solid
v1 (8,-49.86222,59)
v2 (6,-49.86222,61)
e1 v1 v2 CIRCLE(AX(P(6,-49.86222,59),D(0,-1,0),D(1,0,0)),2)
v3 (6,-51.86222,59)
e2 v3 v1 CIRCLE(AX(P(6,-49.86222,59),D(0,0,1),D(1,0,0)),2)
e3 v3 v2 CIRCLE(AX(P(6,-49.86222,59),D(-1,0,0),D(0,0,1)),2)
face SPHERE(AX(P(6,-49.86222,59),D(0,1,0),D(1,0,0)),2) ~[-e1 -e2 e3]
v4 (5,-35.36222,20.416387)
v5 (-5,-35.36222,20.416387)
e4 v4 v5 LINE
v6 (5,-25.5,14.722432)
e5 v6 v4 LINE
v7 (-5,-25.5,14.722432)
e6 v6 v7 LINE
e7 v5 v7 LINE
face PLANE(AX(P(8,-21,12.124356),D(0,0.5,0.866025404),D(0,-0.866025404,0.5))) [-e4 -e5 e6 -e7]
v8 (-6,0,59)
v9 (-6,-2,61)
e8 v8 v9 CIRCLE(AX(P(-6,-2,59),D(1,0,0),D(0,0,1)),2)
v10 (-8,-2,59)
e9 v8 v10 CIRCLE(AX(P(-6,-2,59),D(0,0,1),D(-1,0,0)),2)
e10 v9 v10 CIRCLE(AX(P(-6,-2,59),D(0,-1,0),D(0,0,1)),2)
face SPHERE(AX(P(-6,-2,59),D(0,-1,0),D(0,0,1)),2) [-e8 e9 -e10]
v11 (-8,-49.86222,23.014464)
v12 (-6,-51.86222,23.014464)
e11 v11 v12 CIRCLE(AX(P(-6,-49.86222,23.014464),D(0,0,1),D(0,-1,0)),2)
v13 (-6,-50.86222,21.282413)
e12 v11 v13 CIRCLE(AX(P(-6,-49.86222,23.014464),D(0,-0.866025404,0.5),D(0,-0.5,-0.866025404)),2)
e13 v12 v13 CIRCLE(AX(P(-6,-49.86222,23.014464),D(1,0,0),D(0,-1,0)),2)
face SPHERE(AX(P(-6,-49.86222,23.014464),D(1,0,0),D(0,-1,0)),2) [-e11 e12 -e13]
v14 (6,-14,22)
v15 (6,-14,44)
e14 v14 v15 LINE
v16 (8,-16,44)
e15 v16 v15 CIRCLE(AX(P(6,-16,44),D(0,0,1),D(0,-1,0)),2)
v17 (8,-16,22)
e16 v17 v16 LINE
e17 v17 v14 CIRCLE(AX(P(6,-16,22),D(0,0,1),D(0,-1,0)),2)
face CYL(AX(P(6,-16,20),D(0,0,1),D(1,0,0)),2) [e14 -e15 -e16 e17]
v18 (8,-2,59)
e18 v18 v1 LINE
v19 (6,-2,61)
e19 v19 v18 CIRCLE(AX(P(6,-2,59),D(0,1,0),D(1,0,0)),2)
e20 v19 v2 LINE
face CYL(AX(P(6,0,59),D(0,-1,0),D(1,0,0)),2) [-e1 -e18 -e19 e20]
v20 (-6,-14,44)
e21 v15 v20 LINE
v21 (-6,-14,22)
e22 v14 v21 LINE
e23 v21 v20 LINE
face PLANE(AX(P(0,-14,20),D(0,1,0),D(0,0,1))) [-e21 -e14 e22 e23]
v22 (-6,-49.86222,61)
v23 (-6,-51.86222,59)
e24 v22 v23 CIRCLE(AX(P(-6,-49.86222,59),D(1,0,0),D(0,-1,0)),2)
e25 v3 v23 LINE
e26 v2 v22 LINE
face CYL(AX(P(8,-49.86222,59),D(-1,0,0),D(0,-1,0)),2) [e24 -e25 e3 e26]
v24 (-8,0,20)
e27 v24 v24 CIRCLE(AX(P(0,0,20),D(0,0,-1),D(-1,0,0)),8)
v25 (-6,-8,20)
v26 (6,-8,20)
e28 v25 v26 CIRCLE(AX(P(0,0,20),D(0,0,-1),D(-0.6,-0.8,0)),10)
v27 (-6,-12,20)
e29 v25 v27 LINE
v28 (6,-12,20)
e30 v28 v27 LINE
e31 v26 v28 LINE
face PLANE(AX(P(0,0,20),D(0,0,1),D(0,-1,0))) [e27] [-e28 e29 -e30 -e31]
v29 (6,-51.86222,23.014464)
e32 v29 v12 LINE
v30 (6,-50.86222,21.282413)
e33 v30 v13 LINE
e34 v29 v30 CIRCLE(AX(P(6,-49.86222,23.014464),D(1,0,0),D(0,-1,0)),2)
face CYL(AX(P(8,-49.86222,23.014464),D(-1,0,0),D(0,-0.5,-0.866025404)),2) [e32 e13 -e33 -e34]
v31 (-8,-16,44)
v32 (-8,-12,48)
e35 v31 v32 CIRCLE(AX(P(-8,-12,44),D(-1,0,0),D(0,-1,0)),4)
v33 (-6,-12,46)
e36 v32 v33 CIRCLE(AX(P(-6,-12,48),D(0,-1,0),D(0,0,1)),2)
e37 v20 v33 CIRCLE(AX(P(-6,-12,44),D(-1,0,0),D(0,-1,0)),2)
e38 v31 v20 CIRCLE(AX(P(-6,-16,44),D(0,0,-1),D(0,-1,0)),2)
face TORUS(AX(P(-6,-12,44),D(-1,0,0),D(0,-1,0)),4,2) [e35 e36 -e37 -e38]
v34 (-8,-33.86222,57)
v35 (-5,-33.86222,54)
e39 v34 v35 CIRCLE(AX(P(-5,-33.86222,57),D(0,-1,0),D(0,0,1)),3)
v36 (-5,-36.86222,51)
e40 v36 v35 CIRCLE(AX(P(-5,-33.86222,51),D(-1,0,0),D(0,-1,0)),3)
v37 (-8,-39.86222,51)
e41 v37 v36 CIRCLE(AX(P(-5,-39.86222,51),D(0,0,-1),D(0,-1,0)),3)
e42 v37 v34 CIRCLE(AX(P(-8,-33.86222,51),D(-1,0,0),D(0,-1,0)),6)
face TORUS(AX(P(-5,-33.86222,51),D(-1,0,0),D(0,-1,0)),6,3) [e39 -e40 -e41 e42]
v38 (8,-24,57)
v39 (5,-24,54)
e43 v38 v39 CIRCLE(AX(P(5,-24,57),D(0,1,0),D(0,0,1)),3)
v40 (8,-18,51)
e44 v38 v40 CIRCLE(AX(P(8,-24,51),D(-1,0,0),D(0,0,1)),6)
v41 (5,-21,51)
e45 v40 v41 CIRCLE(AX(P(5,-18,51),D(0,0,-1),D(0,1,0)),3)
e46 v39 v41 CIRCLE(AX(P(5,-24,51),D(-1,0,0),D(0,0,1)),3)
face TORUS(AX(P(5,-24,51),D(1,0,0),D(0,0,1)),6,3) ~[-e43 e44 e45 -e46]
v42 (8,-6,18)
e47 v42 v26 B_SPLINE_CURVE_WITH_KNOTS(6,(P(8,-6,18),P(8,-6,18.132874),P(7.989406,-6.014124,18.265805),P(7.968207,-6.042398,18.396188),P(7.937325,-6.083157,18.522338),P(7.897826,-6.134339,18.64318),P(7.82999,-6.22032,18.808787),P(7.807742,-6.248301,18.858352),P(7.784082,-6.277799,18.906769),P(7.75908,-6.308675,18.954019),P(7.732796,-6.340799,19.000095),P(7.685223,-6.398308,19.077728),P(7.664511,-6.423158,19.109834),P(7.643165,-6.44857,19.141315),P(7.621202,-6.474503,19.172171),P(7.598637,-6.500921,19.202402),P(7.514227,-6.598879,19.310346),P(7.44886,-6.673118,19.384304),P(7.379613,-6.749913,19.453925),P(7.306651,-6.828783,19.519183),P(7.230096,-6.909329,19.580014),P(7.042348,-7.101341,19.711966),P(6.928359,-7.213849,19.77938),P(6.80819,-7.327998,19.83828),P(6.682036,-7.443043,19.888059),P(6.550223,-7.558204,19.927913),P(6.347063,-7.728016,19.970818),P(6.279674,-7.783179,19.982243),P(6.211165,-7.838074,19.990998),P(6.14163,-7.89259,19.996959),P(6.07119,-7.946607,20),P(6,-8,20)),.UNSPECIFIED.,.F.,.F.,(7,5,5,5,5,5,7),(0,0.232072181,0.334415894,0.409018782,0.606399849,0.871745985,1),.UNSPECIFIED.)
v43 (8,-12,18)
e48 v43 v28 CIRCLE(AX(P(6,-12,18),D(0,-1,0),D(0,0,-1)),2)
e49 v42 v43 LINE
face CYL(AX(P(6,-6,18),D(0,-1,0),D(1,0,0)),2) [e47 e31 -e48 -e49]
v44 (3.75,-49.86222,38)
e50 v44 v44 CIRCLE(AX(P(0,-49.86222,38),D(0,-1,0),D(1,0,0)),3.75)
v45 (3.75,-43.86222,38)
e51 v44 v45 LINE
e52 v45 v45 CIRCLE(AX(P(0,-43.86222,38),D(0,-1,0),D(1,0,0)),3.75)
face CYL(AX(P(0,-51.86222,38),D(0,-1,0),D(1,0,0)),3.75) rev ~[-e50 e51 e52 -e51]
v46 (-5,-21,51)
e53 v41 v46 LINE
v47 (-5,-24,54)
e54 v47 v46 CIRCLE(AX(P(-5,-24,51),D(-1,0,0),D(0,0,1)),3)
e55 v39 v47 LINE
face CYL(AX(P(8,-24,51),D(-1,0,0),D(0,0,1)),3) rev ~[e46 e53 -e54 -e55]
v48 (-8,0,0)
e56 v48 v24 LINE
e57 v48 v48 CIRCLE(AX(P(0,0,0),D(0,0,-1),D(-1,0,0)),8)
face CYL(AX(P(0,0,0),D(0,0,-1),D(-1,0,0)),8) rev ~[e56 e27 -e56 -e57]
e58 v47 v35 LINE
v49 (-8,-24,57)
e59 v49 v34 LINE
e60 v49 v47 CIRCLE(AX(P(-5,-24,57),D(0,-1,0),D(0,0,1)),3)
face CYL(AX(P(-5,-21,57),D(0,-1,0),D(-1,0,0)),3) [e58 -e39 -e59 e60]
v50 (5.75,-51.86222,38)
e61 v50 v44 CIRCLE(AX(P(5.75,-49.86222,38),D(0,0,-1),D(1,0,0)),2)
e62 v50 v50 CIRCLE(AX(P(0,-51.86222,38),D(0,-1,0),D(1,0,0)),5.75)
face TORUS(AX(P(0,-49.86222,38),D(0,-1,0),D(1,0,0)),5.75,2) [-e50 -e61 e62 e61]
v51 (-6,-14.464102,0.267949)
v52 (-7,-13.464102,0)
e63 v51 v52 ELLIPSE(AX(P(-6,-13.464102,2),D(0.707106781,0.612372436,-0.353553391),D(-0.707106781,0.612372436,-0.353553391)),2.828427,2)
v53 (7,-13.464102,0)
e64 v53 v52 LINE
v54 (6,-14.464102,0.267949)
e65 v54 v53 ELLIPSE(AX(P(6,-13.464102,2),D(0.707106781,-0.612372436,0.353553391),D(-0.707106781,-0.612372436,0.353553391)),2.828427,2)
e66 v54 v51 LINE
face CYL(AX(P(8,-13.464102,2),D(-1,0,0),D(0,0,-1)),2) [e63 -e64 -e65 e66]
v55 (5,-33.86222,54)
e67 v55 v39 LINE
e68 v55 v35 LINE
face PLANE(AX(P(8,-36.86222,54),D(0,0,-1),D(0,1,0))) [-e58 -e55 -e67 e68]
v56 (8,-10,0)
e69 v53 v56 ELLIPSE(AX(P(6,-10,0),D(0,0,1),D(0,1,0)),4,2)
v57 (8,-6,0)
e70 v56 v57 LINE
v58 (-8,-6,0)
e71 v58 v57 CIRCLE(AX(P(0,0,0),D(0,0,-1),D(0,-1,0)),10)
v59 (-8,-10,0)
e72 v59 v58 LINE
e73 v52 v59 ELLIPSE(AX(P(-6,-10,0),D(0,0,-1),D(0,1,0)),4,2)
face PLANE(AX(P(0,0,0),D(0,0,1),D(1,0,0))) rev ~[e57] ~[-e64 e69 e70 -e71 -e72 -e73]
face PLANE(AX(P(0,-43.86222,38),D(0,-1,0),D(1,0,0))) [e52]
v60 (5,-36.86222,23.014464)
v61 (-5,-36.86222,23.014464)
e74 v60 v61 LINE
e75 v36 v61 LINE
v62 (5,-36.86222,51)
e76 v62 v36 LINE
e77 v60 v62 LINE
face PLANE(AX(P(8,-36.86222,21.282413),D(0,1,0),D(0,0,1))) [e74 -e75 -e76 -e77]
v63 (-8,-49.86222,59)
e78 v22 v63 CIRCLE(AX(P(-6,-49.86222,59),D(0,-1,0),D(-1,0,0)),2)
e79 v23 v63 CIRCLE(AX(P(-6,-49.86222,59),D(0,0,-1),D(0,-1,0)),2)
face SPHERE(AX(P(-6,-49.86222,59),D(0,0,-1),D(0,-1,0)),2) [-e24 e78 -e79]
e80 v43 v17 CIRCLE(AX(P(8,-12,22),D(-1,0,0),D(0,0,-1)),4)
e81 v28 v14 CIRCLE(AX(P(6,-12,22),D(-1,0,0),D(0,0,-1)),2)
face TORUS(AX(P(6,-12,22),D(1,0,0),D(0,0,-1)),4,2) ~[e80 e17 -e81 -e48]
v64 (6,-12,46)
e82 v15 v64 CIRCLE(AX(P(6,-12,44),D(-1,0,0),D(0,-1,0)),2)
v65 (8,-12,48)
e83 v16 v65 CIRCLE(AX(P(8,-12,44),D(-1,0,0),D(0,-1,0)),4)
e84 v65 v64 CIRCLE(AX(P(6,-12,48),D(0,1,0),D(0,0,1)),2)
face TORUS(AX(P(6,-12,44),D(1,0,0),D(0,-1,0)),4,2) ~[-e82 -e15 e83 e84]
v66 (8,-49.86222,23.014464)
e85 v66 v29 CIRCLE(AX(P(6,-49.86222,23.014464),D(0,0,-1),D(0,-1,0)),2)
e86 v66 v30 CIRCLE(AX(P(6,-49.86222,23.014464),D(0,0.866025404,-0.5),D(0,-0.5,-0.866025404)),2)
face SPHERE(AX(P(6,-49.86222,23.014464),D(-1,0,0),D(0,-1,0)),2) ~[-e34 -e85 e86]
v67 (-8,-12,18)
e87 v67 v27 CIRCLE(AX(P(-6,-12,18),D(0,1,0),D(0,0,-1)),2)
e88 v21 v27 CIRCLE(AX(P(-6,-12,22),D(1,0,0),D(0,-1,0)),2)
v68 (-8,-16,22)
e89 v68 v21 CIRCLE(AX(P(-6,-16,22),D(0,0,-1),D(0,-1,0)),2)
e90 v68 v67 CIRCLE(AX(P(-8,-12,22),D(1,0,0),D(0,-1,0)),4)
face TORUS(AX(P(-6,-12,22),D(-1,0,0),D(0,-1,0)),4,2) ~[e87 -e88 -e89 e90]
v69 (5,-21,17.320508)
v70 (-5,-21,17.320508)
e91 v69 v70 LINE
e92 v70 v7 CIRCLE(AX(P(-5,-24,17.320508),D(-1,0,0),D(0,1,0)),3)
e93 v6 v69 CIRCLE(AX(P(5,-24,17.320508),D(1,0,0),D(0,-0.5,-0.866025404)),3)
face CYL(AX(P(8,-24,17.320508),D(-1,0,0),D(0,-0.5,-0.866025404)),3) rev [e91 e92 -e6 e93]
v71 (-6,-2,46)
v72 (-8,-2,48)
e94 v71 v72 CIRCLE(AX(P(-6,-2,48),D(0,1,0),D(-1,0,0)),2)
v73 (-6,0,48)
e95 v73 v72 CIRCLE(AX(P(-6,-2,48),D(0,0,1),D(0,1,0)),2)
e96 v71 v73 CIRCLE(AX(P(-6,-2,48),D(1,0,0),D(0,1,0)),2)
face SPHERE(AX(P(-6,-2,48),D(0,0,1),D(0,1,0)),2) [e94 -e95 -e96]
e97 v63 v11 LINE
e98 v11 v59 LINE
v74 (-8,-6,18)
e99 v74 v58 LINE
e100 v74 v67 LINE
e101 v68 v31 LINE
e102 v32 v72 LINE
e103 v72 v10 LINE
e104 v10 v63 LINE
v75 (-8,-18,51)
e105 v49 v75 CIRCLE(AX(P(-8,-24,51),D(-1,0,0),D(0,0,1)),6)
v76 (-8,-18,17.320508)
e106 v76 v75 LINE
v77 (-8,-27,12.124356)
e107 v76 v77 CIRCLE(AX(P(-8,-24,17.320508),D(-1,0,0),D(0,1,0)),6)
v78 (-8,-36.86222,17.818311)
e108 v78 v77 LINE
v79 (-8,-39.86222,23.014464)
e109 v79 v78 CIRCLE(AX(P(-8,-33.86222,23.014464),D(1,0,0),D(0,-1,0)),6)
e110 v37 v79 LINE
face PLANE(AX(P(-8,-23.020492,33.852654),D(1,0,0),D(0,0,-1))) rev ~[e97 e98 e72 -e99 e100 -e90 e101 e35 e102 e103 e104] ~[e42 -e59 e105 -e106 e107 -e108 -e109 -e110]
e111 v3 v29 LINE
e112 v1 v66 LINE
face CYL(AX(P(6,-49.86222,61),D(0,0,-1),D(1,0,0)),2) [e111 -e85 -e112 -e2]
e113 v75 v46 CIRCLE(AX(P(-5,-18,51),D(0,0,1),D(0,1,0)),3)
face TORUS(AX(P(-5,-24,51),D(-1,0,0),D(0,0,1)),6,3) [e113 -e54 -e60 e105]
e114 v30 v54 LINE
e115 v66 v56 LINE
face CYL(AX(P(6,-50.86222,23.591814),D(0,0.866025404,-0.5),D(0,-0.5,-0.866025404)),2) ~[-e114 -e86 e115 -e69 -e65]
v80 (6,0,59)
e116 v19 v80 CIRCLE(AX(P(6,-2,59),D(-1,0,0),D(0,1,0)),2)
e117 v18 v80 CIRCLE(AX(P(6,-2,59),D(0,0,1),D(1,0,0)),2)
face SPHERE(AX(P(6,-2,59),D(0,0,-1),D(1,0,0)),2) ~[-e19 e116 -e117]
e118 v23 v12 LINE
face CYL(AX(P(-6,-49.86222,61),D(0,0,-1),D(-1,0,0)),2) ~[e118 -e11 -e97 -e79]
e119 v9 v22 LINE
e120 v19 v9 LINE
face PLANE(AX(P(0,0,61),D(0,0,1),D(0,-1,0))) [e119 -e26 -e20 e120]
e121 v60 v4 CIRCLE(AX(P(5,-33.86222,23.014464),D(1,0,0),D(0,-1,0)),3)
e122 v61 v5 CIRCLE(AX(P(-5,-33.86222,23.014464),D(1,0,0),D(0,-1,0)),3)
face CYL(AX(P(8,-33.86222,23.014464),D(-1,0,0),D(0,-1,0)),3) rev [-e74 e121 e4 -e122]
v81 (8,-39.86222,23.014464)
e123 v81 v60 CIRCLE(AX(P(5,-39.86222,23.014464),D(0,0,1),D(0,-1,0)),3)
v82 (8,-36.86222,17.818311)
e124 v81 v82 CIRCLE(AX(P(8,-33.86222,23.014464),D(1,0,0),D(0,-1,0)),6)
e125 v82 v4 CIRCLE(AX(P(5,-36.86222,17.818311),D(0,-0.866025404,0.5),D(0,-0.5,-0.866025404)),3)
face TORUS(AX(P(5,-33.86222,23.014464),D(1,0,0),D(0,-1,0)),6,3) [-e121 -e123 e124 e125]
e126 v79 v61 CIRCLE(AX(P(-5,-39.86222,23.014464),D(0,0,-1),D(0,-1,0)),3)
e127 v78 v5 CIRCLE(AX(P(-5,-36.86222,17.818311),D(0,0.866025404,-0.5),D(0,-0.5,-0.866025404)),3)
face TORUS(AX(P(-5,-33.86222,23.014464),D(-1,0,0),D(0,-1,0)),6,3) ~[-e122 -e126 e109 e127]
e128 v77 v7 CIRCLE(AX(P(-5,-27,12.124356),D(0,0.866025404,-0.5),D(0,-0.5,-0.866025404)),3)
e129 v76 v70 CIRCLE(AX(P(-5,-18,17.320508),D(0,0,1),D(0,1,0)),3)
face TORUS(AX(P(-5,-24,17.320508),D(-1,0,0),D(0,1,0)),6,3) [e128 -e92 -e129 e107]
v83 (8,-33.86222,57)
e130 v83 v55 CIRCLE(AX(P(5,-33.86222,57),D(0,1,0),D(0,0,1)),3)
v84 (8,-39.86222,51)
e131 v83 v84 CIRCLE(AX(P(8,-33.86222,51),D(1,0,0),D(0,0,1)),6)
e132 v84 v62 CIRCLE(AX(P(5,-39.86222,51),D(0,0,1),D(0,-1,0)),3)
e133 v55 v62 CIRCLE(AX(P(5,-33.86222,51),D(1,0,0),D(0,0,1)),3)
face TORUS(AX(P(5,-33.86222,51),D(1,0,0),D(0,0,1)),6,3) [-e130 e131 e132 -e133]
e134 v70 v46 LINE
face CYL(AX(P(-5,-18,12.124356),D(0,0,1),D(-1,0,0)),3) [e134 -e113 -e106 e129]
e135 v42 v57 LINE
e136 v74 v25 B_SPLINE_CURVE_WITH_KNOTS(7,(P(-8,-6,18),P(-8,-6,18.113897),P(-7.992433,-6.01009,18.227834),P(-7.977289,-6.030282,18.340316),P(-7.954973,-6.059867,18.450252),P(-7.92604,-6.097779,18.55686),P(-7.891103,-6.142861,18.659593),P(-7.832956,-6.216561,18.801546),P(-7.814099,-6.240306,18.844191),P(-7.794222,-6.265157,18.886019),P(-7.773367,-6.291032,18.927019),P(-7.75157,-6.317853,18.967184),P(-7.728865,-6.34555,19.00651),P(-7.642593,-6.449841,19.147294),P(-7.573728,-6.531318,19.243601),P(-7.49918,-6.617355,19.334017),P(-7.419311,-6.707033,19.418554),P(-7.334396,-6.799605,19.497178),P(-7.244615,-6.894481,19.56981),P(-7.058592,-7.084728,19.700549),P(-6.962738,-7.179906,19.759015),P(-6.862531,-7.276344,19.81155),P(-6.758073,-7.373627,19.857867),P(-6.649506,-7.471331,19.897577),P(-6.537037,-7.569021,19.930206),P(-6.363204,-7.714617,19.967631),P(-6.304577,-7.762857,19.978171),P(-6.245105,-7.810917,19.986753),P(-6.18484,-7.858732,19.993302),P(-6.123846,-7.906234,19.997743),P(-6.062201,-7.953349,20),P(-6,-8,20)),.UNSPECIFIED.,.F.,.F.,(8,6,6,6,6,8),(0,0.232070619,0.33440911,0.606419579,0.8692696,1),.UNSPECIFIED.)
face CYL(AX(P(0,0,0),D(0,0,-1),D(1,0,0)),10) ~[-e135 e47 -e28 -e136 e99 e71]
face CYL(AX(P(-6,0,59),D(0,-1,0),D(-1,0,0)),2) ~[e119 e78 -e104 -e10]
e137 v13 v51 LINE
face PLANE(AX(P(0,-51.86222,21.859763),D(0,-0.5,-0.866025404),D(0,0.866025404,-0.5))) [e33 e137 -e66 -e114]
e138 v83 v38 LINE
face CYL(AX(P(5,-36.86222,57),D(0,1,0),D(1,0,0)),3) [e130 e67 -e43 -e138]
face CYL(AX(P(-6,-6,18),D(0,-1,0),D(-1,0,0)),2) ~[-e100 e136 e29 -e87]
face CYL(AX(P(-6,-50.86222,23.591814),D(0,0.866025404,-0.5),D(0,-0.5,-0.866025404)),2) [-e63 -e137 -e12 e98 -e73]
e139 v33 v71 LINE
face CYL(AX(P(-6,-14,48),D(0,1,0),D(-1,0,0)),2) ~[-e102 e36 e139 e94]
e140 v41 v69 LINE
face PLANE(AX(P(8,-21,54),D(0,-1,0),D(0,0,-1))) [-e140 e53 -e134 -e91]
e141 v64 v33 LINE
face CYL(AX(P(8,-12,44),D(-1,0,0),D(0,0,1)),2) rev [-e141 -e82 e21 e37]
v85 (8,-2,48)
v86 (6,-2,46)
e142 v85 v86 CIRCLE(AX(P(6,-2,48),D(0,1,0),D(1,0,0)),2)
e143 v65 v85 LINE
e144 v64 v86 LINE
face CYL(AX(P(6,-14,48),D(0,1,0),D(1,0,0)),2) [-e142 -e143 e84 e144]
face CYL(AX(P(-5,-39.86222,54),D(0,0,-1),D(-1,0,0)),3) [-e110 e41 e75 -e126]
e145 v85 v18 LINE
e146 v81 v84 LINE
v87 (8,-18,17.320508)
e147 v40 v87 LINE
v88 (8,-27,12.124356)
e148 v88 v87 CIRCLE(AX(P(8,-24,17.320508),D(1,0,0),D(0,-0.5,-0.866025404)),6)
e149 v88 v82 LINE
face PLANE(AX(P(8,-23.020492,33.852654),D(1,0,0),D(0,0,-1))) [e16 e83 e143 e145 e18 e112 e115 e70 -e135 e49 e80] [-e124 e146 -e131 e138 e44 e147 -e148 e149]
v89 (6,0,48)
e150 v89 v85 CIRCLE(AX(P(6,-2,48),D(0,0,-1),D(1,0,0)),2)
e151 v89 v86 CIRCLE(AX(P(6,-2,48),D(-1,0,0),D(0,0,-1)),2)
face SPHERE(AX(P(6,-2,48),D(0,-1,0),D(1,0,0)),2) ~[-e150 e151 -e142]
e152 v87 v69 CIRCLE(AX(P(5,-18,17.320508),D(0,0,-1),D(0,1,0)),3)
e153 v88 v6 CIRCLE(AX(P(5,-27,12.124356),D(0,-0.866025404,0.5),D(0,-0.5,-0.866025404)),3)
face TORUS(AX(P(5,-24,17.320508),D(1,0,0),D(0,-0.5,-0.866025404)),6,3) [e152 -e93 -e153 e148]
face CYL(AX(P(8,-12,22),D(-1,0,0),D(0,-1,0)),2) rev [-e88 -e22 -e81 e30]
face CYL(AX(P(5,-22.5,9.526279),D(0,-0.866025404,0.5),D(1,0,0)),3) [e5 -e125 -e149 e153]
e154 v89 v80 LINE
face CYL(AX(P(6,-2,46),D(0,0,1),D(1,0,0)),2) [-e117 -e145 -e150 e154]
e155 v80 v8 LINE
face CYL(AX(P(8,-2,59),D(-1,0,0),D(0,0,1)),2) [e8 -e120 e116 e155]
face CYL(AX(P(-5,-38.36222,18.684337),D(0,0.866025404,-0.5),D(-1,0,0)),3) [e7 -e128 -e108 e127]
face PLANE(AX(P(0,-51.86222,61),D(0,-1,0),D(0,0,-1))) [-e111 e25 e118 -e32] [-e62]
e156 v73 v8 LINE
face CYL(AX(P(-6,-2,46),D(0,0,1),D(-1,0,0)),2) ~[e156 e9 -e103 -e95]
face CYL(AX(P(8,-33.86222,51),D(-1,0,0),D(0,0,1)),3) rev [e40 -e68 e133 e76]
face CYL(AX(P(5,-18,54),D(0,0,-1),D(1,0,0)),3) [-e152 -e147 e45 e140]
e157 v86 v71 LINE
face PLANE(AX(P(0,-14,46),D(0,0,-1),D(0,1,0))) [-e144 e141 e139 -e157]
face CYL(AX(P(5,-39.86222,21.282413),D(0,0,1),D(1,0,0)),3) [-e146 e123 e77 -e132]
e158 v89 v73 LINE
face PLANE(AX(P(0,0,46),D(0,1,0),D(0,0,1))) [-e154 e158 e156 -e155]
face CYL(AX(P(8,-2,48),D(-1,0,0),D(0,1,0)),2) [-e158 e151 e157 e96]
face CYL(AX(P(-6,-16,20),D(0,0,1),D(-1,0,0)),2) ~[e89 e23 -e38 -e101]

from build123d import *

# Parameters (mm, degrees)
SCHIZZO1_R                        = 10
ESTRUSIONE_ESTRUSIONE1_DEPTH      = 20
ESTRUSIONE_ESTRUSIONE2_DEPTH      = 8
ESTRUSIONE_ESTRUSIONE2_DEPTH_BACK = 8
SCHIZZO3_R                        = 8
TAGLIO_ESTRUSIONE1_DEPTH          = 20
SCHIZZO4_R                        = 3.75
TAGLIO_ESTRUSIONE2_DEPTH          = 8
RACCORDO1_R                       = 2
TAGLIO_ESTRUSIONE4_REACH          = 20
RACCORDO4_R                       = 3


with BuildPart() as part:
    # Schizzo1 → Estrusione-Estrusione1 (new body)
    with BuildSketch(Plane.XY):
        Circle(SCHIZZO1_R)
    extrude(amount=ESTRUSIONE_ESTRUSIONE1_DEPTH)

    # Schizzo2 → Estrusione-Estrusione2 (add, two sides)
    with BuildSketch(Plane(origin=(0, 0, 0), x_dir=(0, 0, -1), z_dir=(1, 0, 0))) as estrusione_estrusione2_sk:
        Polygon((0, 0), (-20, 0), (-20, -14), (-46, -14), (-46, 0), (-61, 0), (-61, -51.86222015), (-21.859762995, -51.86222015), (0, -14), align=None)
    extrude(amount=ESTRUSIONE_ESTRUSIONE2_DEPTH)
    extrude(estrusione_estrusione2_sk.sketch, amount=-ESTRUSIONE_ESTRUSIONE2_DEPTH_BACK)

    # Schizzo3 → Taglio-Estrusione1 (cut)
    with BuildSketch(Plane(origin=(0, 0, 0), x_dir=(-1, 0, 0), z_dir=(0, 0, -1))):
        Circle(SCHIZZO3_R)
    extrude(amount=-TAGLIO_ESTRUSIONE1_DEPTH, mode=Mode.SUBTRACT)

    # Schizzo4 → Taglio-Estrusione2 (cut)
    with BuildSketch(Plane.XZ.offset(51.86222015)):
        with Locations((0, 38)):
            Circle(SCHIZZO4_R)
    extrude(amount=-TAGLIO_ESTRUSIONE2_DEPTH, mode=Mode.SUBTRACT)

    # Raccordo1
    raccordo1_edges = [part.edges().sort_by_distance(p)[0] for p in [
        (8, -10, 20),
        (8, -14, 33),
        (8, -7, 46),
        (8, 0, 53.5),
        (8, -25.931110075, 61),
        (8, -51.86222015, 41.429881498),
        (8, -32.931110075, 10.929881498),
        (0, -14, 0),
        (-8, -32.931110075, 10.929881498),
        (0, -51.86222015, 21.859762995),
        (-8, -51.86222015, 41.429881498),
        (0, -51.86222015, 61),
        (-8, -25.931110075, 61),
        (0, 0, 61),
        (-8, 0, 53.5),
        (0, 0, 46),
        (-8, -7, 46),
        (0, -14, 46),
        (-8, -14, 33),
        (-8, -10, 20),
        (0, -14, 20),
        (-3.75, -51.86222015, 38),
    ]]
    fillet(raccordo1_edges, radius=RACCORDO1_R)

    # Schizzo6 → Taglio-Estrusione4 (cut, up to next)
    with BuildSketch(Plane(origin=(8, 0, 0), x_dir=(0, 0, -1), z_dir=(1, 0, 0)), mode=Mode.PRIVATE) as taglio_estrusione4_sk1:
        Polygon((-54, -21), (-12.124355653, -21), (-21.282412726, -36.86222015), (-54, -36.86222015), align=None)
    taglio_estrusione4_tool1 = extrude(taglio_estrusione4_sk1.sketch, amount=-TAGLIO_ESTRUSIONE4_REACH, mode=Mode.PRIVATE) & part.part
    add(taglio_estrusione4_tool1.solids().sort_by_distance((8, -28.606534, 35.257995))[0], mode=Mode.SUBTRACT)

    # Raccordo4
    raccordo4_edges = [part.edges().sort_by_distance(p)[0] for p in [
        (0, -36.86222015, 54),
        (0, -21, 54),
        (0, -21, 12.124355653),
        (0, -36.86222015, 21.282412726),
        (8, -28.931110075, 54),
        (8, -36.86222015, 37.641206363),
        (8, -28.931110075, 16.70338419),
        (8, -21, 33.062177826),
        (-8, -36.86222015, 37.641206363),
        (-8, -28.931110075, 54),
        (-8, -21, 33.062177826),
        (-8, -28.931110075, 16.70338419),
    ]]
    fillet(raccordo4_edges, radius=RACCORDO4_R)


solid = part.part
